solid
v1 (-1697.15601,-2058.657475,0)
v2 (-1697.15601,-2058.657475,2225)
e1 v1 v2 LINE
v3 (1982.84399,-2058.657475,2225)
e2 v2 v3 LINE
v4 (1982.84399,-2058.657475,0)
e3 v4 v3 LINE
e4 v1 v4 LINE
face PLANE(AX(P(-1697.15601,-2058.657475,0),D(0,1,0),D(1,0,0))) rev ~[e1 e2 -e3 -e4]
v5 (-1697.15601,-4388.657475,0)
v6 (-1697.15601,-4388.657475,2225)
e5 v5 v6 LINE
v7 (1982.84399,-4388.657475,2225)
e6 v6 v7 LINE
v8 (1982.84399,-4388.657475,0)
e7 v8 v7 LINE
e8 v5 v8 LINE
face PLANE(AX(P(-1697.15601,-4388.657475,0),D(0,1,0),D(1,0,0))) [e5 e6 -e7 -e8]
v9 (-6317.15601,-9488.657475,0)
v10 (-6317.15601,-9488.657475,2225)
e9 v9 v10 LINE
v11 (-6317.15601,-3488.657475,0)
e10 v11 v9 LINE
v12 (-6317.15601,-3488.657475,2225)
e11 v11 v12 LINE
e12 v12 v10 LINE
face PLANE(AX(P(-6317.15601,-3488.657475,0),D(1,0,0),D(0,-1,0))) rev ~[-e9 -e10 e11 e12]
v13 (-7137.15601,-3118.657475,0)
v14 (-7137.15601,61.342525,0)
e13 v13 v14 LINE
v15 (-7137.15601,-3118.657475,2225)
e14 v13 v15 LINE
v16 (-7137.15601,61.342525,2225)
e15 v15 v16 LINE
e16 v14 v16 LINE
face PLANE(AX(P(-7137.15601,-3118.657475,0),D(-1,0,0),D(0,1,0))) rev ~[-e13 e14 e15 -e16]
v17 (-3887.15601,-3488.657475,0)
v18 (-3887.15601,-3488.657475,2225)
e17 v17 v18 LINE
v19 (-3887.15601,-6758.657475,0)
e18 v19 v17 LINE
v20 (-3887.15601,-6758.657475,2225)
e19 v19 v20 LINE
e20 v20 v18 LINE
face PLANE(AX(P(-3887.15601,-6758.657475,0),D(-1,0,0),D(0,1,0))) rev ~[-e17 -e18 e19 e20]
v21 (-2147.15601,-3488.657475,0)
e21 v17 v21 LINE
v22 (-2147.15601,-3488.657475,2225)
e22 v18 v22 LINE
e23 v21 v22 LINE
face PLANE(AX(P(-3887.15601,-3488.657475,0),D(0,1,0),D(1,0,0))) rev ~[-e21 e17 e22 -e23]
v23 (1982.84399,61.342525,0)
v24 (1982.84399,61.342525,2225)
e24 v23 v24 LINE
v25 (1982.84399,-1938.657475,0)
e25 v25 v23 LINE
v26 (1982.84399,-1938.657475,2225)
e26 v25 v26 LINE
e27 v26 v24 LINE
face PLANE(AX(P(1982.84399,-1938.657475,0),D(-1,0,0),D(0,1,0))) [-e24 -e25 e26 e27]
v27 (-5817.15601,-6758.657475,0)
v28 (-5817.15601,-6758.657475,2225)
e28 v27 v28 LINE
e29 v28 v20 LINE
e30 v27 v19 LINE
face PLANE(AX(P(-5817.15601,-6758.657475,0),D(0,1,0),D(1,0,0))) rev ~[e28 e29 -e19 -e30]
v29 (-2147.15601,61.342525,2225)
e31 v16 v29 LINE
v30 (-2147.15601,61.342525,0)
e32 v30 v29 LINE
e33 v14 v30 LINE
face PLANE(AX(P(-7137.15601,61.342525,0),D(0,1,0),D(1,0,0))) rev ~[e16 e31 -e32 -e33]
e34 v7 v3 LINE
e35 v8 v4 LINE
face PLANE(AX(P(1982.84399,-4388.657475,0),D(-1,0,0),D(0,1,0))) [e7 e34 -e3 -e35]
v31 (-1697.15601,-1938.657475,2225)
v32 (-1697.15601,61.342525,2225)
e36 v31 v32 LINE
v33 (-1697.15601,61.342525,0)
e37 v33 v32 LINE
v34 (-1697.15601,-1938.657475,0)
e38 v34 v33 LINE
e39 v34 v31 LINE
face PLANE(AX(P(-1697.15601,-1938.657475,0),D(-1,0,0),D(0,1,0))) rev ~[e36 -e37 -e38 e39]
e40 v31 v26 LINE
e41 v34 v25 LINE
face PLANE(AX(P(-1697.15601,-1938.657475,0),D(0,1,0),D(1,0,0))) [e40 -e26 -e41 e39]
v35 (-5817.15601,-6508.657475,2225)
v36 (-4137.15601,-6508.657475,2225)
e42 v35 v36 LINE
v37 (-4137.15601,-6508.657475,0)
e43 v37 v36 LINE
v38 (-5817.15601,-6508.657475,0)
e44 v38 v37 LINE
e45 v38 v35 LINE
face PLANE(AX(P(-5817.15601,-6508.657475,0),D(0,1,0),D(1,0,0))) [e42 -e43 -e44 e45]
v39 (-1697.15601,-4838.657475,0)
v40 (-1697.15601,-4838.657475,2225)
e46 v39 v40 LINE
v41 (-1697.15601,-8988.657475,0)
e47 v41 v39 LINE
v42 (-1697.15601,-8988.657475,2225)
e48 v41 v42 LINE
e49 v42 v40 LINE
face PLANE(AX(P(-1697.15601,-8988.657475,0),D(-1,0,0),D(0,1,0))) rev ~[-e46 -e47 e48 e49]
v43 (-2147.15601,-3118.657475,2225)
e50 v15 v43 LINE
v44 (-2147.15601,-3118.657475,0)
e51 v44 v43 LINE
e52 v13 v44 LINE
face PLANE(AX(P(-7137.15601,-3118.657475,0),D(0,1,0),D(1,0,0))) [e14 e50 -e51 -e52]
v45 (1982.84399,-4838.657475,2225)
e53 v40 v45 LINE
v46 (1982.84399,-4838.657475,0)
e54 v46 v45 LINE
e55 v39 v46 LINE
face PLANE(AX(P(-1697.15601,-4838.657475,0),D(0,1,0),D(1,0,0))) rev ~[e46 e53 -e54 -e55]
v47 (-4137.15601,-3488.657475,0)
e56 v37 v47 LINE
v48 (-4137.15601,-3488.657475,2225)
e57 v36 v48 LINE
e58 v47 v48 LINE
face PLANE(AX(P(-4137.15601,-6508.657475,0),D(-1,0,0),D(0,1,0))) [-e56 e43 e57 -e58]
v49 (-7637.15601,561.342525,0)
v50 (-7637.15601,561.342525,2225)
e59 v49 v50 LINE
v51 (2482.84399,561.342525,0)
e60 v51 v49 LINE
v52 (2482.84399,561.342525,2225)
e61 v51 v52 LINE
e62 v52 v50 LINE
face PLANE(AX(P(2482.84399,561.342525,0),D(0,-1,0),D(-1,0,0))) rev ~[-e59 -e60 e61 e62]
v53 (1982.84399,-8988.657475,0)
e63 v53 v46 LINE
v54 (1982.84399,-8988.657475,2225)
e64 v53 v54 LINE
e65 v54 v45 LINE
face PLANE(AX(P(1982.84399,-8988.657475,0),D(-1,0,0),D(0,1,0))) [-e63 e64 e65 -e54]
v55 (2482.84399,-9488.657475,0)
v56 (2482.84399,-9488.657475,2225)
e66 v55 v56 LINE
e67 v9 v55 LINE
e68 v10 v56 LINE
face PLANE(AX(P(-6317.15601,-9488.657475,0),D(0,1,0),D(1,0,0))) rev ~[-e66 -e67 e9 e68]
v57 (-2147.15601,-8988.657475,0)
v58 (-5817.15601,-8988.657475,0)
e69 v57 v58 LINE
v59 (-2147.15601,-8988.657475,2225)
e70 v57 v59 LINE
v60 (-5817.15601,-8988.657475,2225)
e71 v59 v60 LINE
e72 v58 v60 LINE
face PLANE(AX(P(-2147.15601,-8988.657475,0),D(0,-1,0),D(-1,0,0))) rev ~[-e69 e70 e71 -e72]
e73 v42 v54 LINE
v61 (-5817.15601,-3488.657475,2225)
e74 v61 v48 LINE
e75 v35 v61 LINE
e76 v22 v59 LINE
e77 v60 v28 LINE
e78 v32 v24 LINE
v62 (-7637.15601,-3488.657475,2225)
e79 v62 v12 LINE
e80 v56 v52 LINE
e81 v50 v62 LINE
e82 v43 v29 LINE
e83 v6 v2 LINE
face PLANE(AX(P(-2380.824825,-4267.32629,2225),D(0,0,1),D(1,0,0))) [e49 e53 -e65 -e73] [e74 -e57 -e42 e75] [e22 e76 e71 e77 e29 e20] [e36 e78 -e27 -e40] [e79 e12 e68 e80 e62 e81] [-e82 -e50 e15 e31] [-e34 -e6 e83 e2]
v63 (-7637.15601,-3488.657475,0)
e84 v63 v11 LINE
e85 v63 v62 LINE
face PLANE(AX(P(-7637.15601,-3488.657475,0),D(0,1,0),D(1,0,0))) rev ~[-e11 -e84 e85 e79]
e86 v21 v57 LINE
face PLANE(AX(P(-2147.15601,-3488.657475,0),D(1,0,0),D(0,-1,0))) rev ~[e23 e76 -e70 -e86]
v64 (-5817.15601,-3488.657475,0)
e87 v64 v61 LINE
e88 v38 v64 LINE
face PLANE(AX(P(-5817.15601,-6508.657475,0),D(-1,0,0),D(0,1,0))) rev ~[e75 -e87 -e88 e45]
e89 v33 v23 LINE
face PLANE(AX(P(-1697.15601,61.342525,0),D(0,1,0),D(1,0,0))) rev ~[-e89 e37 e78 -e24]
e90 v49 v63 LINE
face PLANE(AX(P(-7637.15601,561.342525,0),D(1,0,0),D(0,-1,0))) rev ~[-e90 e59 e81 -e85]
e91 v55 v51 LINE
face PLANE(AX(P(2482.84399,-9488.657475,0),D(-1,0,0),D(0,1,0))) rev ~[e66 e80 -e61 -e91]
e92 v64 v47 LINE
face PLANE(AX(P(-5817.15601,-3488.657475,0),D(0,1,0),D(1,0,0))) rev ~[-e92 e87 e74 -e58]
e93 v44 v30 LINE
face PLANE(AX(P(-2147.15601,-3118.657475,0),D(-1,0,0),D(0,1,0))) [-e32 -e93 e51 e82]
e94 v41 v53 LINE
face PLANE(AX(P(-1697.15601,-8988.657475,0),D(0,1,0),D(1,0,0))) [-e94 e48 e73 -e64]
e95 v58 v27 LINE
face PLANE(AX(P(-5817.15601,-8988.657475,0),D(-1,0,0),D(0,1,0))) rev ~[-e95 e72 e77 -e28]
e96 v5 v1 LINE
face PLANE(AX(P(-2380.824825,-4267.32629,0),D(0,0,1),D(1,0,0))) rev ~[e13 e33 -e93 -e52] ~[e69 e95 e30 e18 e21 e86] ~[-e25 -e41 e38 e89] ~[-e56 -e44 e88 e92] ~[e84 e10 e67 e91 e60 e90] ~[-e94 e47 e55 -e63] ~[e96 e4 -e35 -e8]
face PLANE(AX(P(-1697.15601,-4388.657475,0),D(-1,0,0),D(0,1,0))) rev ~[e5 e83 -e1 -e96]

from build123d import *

# Parameters (mm, degrees)
F0_W     = 1680
F0_H     = 3020
F0_W_2   = 3680
F0_H_2   = 4150
F0_W_3   = 4990
F0_H_3   = 3180
F0_H_4   = 2330
F0_H_5   = 2000
F1_DEPTH = 2225


with BuildPart() as f1:
    # F0 (on Top) → F1 (new body)
    with BuildSketch(Plane.XY):
        Polygon((-6317.15601, -3488.657475), (-6317.15601, -9488.657475), (2482.84399, -9488.657475), (2482.84399, 561.342525), (-7637.15601, 561.342525), (-7637.15601, -3488.657475), align=None)
        Polygon((-2147.15601, -8988.657475), (-5817.15601, -8988.657475), (-5817.15601, -6758.657475), (-3887.15601, -6758.657475), (-3887.15601, -3488.657475), (-2147.15601, -3488.657475), align=None, mode=Mode.SUBTRACT)
        with Locations((-4977.15601, -4998.657475)):
            Rectangle(F0_W, F0_H, mode=Mode.SUBTRACT)
        with Locations((142.84399, -6913.657475)):
            Rectangle(F0_W_2, F0_H_2, mode=Mode.SUBTRACT)
        with Locations((-4642.15601, -1528.657475)):
            Rectangle(F0_W_3, F0_H_3, mode=Mode.SUBTRACT)
        with Locations((142.84399, -3223.657475)):
            Rectangle(F0_W_2, F0_H_4, mode=Mode.SUBTRACT)
        with Locations((142.84399, -938.657475)):
            Rectangle(F0_W_2, F0_H_5, mode=Mode.SUBTRACT)
    extrude(amount=F1_DEPTH)


solid = f1.part
